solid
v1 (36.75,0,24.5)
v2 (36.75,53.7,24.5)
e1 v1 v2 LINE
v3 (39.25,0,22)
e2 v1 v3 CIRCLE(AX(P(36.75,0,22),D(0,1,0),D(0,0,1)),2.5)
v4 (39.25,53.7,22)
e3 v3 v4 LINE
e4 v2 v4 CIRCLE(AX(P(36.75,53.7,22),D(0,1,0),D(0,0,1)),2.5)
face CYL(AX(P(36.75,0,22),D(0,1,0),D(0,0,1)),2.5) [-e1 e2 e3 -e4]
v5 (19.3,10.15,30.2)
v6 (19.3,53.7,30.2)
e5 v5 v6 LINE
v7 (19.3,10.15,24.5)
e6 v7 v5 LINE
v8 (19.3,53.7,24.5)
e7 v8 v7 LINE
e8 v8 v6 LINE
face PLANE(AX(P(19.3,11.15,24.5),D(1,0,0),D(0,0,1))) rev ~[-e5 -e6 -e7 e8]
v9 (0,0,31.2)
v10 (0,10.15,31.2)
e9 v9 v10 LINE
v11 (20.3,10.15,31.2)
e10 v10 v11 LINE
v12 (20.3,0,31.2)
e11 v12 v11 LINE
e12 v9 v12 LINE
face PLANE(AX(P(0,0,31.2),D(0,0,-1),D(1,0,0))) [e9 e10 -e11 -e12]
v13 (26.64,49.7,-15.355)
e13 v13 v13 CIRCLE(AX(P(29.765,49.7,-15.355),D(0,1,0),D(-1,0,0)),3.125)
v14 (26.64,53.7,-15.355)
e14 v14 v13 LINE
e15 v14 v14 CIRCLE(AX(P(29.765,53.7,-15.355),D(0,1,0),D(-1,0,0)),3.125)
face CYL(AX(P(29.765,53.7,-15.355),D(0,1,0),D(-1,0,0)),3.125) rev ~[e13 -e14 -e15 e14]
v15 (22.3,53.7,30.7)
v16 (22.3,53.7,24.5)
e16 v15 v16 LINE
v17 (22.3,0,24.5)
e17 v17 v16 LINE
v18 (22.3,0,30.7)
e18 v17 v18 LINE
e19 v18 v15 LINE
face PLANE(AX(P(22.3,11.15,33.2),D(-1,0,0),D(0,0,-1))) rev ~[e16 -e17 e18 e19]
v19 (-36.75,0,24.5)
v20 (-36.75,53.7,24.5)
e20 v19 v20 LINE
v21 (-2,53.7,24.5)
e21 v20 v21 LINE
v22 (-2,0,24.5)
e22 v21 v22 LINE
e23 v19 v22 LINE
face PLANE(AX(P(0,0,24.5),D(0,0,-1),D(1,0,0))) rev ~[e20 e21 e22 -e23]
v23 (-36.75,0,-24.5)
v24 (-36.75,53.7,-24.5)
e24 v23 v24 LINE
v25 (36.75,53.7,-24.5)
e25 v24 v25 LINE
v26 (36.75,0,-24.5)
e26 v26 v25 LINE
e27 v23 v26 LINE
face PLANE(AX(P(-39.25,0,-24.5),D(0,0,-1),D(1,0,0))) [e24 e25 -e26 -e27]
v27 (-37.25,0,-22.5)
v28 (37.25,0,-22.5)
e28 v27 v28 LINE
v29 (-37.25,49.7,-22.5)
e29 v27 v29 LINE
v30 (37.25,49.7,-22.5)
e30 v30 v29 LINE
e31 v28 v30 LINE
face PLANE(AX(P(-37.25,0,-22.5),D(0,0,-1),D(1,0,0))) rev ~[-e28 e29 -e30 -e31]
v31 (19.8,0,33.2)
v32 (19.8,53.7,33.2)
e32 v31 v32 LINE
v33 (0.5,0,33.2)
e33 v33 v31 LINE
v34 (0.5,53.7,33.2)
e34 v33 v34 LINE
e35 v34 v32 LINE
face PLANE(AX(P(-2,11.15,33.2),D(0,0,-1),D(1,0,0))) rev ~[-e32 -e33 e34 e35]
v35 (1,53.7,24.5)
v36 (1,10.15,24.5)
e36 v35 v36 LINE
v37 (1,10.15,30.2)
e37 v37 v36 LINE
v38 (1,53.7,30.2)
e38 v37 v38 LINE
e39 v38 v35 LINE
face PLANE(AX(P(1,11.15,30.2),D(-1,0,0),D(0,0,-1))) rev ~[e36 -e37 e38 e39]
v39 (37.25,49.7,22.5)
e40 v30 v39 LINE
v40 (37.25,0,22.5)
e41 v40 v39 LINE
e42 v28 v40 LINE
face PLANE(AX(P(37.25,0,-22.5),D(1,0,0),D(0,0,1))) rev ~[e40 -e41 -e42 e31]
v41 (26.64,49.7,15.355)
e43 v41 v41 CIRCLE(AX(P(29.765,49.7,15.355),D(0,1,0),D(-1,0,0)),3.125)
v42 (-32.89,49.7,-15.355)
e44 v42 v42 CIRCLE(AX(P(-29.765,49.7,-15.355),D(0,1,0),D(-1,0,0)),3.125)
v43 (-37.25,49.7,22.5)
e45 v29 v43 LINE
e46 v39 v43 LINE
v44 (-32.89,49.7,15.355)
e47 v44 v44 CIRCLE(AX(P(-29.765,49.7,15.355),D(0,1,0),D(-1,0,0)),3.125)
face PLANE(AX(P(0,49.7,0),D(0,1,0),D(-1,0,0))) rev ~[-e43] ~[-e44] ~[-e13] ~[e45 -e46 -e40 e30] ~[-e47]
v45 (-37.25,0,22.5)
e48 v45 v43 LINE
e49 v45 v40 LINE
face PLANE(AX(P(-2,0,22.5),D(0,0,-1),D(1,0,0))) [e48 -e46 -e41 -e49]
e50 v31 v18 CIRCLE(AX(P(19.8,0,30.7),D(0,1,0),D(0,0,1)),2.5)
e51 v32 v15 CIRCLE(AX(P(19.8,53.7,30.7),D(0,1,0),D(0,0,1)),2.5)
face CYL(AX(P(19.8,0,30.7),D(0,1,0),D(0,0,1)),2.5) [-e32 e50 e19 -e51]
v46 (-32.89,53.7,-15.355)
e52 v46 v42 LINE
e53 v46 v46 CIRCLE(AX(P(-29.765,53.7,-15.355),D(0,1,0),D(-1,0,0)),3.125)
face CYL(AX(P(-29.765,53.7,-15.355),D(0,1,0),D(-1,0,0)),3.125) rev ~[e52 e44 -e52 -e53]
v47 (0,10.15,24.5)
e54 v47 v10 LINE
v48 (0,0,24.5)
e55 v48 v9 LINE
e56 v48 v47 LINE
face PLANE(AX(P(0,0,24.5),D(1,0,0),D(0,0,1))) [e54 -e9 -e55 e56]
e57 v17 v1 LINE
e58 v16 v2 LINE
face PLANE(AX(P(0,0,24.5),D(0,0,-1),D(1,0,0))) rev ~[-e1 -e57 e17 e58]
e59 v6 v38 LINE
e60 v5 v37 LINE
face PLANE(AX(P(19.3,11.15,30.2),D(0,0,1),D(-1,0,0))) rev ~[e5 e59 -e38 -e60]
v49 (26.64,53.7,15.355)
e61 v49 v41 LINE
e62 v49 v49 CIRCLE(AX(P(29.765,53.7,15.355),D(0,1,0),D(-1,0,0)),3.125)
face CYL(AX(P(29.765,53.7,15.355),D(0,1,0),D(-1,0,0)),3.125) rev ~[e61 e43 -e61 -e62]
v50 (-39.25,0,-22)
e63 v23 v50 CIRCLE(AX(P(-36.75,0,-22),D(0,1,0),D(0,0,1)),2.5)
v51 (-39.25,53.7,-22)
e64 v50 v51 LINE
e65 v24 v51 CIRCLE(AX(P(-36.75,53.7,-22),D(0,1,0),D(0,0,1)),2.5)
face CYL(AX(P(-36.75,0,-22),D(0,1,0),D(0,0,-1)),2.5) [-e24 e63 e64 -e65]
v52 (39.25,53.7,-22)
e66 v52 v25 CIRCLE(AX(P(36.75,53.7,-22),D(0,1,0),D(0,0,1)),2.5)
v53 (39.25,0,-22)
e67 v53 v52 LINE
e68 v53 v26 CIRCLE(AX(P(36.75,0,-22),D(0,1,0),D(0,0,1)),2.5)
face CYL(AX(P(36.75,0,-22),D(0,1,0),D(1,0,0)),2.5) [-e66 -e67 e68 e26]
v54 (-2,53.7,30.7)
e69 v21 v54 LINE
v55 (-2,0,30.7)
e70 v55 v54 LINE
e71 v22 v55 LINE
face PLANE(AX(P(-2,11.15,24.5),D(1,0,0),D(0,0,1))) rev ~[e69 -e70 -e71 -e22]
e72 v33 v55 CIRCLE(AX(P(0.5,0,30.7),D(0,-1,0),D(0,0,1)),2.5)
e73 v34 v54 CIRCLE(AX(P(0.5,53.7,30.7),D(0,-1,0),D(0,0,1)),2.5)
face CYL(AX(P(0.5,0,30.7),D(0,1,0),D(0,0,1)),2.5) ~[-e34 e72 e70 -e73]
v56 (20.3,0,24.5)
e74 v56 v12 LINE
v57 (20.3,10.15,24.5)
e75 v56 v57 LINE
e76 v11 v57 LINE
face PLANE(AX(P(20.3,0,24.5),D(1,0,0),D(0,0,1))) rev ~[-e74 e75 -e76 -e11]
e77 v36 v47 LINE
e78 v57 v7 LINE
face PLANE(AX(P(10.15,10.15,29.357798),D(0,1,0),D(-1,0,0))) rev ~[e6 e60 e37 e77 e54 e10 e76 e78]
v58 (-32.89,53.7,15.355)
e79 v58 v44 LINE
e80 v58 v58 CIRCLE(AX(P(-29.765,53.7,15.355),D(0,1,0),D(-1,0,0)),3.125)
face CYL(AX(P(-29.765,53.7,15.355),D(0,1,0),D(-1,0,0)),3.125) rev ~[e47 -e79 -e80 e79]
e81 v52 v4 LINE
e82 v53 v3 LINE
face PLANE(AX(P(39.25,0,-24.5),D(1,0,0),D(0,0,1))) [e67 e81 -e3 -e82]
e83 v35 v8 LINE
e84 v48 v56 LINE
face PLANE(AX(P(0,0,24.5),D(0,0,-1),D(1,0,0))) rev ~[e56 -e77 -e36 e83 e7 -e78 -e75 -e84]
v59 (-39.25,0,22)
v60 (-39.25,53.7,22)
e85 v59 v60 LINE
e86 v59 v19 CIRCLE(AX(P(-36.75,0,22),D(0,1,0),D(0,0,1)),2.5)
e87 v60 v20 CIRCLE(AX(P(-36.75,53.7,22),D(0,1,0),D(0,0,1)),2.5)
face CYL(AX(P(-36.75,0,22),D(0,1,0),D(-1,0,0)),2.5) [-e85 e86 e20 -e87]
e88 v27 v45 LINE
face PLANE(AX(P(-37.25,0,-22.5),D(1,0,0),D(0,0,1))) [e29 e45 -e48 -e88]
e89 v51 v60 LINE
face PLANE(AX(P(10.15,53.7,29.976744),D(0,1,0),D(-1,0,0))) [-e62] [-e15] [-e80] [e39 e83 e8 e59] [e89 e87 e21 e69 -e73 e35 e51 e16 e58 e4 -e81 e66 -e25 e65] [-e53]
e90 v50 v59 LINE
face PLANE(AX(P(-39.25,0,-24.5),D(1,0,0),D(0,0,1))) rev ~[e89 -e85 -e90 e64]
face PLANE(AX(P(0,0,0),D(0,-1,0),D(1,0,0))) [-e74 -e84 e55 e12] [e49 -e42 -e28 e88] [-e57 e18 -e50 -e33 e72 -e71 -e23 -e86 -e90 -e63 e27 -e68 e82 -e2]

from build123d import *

# Parameters (mm, degrees)
F0_W      = 78.5
F0_H      = 49
F0_W_2    = 74.5
F0_H_2    = 45
F1_DEPTH  = 53.7
F2_W      = 24.3
F2_H      = 10.7
F2_W_2    = 20.3
F2_H_2    = 6.7
F3_DEPTH  = 11.15
F5_DEPTH  = 1
F6_W      = 74.5
F6_H      = 45
F6_R      = 3.125
F7_DEPTH  = 4
F10_DEPTH = 42.55
F11_R     = 2.5


with BuildPart() as f1:
    # F0 (on Front) → F1 (new body)
    with BuildSketch(Plane.XZ):
        Rectangle(F0_W, F0_H)
        Rectangle(F0_W_2, F0_H_2, mode=Mode.SUBTRACT)
    extrude(amount=-F1_DEPTH)

    # F2 (on Front) → F3 (join)
    with BuildSketch(Plane.XZ):
        with Locations((10.15, 27.85)):
            Rectangle(F2_W, F2_H)
        with Locations((10.15, 27.85)):
            Rectangle(F2_W_2, F2_H_2, mode=Mode.SUBTRACT)
    extrude(amount=-F3_DEPTH)

    # F4 (on face) → F5 (join)
    with BuildSketch(Plane(origin=(0, 11.15, 0), x_dir=(-1, 0, 0), z_dir=(0, 1, 0))):
        Polygon((-20.3, 24.5), (-19.3, 24.5), (-19.3, 30.2), (-1, 30.2), (-1, 24.5), (0, 24.5), (0, 31.2), (-20.3, 31.2), align=None)
    extrude(amount=-F5_DEPTH)


with BuildPart() as f7:
    # F6 (on face) → F7 (new body)
    with BuildSketch(Plane(origin=(0, 53.7, 0), x_dir=(-1, 0, 0), z_dir=(0, 1, 0))):
        Rectangle(F6_W, F6_H)
        with Locations((-29.765, -15.355)):
            Circle(F6_R, mode=Mode.SUBTRACT)
        with Locations((29.765, -15.355)):
            Circle(F6_R, mode=Mode.SUBTRACT)
        with Locations((-29.765, 15.355)):
            Circle(F6_R, mode=Mode.SUBTRACT)
        with Locations((29.765, 15.355)):
            Circle(F6_R, mode=Mode.SUBTRACT)
    extrude(amount=-F7_DEPTH)

    # F8: union F1
    add(f1.part)

    # F9 (on face) → F10 (join, through all)
    with BuildSketch(Plane(origin=(0, 11.15, 0), x_dir=(-1, 0, 0), z_dir=(0, 1, 0))):
        Polygon((-22.3, 24.5), (-19.3, 24.5), (-19.3, 30.2), (-1, 30.2), (-1, 24.5), (2, 24.5), (2, 33.2), (-22.3, 33.2), align=None)
    extrude(amount=F10_DEPTH)

    # F11
    f11_edges = [f7.edges().sort_by_distance(p)[0] for p in [
        (22.3, 26.85, 33.2),
        (-2, 26.85, 33.2),
        (39.25, 26.85, 24.5),
        (39.25, 26.85, -24.5),
        (-39.25, 26.85, 24.5),
        (-39.25, 26.85, -24.5),
    ]]
    fillet(f11_edges, radius=F11_R)


solid = f7.part
